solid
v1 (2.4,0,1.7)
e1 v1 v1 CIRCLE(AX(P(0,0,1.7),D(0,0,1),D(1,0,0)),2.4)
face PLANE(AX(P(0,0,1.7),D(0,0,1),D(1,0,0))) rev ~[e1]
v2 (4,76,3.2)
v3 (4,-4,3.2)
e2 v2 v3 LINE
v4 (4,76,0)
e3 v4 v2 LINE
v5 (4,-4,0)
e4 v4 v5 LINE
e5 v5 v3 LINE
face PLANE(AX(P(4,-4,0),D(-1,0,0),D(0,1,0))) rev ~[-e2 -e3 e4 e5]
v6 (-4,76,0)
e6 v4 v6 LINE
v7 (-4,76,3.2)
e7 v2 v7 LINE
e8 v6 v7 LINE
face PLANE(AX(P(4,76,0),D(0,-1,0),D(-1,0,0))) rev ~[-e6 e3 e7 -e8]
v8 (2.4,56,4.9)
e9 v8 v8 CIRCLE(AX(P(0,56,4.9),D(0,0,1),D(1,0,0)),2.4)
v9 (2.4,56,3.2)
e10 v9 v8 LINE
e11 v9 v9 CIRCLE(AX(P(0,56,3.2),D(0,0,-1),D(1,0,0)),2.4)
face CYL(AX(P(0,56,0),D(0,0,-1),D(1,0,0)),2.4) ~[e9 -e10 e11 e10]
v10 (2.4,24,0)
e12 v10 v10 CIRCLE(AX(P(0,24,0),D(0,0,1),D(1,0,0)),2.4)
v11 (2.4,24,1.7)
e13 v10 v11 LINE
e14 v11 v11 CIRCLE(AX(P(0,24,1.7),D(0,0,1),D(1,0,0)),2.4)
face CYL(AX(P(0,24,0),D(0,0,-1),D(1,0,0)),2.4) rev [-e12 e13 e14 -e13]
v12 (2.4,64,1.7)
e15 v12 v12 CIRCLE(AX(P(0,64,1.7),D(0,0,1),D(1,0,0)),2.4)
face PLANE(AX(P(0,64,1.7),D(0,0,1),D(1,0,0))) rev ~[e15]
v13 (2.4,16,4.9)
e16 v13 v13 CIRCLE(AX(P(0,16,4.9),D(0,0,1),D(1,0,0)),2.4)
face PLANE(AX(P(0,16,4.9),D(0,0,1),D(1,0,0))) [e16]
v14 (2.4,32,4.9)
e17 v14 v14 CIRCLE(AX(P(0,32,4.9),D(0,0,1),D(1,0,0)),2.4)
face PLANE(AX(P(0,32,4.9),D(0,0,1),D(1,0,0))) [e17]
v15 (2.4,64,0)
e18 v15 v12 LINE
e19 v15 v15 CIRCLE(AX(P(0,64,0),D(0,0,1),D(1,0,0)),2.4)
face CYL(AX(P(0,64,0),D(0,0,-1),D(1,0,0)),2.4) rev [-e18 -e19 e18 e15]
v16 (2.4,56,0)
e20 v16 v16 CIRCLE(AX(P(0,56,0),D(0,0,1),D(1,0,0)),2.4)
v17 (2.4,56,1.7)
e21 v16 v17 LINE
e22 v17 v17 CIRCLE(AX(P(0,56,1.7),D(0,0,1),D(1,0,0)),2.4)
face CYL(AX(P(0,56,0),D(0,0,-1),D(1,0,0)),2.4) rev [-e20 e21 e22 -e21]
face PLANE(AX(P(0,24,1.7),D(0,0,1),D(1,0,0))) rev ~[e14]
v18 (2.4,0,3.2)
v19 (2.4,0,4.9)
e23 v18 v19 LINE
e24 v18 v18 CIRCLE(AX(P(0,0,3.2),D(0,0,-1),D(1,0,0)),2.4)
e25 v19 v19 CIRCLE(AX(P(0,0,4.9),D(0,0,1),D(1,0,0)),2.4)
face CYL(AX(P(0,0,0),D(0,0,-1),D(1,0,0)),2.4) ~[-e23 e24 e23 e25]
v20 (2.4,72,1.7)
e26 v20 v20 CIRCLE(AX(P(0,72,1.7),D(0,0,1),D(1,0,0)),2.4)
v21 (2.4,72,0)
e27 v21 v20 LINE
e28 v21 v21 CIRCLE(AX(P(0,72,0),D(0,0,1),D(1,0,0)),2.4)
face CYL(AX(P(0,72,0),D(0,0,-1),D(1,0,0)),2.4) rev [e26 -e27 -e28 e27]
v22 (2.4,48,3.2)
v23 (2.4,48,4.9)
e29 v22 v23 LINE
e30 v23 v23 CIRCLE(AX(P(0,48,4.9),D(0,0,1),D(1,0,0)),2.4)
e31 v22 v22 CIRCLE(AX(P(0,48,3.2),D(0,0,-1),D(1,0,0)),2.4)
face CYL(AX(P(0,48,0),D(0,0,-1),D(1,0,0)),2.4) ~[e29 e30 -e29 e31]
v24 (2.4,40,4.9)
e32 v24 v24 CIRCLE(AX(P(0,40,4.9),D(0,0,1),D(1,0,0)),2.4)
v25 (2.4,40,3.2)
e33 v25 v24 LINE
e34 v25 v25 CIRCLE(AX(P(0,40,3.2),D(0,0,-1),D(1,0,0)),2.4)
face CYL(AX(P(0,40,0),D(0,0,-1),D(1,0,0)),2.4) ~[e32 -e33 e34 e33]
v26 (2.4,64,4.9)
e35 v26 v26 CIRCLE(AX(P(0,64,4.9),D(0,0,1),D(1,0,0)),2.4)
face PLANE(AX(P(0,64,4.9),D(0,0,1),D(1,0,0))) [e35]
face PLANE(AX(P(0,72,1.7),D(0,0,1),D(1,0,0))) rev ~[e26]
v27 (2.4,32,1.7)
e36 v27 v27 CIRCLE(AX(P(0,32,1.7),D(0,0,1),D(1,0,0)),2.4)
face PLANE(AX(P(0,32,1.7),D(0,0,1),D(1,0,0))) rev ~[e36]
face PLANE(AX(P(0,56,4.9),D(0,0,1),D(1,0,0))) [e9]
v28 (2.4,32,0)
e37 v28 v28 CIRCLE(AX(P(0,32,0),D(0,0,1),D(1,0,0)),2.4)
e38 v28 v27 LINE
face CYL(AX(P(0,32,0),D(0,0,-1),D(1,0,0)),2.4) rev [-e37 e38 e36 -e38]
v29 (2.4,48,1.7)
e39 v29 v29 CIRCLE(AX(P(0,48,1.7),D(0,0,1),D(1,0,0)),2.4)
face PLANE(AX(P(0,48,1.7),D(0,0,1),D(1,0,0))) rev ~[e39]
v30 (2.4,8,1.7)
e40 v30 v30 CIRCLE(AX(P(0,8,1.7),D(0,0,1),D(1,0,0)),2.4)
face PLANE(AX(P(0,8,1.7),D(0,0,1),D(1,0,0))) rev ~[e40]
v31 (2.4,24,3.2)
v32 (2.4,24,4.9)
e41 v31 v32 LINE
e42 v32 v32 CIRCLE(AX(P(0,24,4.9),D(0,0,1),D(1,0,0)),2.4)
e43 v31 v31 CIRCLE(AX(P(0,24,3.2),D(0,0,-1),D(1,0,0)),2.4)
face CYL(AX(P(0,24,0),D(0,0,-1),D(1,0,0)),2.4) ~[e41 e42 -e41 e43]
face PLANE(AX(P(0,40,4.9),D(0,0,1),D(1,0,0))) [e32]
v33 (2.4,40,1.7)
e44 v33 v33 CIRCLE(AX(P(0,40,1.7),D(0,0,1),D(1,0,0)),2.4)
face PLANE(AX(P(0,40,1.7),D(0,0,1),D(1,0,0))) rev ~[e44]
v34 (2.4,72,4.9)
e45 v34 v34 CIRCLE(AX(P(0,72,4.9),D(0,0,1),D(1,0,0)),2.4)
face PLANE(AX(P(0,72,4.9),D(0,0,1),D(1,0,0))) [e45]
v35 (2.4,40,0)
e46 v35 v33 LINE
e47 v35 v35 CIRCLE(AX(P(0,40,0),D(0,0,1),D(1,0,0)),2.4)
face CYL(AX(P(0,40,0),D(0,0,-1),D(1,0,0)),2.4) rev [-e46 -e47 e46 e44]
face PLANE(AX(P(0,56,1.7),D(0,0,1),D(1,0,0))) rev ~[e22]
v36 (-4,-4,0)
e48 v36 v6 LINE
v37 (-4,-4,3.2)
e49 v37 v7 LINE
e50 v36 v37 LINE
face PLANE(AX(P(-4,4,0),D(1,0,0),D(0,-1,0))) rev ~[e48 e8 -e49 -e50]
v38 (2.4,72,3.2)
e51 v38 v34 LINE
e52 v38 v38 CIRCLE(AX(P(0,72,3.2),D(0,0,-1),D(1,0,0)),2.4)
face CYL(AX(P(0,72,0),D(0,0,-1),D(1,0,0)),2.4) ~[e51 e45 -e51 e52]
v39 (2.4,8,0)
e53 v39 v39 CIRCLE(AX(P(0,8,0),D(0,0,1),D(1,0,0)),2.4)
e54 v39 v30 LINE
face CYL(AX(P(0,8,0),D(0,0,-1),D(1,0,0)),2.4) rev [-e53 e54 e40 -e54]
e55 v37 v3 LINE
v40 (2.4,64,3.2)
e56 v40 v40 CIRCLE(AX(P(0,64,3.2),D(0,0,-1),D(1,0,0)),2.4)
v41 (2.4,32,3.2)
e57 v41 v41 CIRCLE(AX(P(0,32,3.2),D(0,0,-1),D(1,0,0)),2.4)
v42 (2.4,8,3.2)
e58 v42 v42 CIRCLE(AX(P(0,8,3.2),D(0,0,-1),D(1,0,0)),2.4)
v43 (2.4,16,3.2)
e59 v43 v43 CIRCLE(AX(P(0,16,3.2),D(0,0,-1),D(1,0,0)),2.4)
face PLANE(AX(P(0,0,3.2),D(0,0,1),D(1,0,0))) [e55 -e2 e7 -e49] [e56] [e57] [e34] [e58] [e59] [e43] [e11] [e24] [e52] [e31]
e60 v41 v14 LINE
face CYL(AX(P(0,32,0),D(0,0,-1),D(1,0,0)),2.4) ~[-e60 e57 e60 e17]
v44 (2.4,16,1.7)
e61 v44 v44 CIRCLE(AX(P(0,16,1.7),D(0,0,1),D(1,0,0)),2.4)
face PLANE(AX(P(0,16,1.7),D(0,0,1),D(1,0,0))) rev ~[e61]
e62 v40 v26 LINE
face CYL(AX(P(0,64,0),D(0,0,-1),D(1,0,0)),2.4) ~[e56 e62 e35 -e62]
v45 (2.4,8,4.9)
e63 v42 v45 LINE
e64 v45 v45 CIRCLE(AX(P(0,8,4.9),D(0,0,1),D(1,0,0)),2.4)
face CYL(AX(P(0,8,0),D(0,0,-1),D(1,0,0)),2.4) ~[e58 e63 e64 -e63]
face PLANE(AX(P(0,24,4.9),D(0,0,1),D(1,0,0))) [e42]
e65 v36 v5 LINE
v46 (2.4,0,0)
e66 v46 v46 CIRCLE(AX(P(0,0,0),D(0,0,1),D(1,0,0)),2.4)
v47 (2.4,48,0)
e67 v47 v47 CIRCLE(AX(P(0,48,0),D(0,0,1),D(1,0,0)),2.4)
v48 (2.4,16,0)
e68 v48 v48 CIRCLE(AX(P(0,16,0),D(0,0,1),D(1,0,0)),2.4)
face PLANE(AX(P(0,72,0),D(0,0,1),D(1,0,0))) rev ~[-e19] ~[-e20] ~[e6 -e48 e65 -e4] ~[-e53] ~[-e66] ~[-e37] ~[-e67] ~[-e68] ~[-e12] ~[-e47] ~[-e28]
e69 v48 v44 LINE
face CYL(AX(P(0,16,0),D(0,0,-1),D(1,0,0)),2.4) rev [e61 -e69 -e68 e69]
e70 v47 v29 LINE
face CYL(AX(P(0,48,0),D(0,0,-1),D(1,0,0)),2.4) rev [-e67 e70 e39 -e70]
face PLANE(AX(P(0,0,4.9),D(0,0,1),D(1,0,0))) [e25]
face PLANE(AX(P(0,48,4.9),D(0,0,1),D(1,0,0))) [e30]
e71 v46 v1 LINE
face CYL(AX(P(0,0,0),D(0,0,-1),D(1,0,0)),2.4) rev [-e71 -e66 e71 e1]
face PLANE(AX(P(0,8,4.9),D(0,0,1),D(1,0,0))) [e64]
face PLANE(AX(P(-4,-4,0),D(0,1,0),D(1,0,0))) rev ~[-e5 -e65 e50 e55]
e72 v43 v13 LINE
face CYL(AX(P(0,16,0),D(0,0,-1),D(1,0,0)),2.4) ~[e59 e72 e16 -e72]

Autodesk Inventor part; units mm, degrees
ref_plane "YZ Plane" through (0, 0, 0) normal (1, 0, 0) x (0, 1, 0)
ref_plane "XZ Plane" through (0, 0, 0) normal (0, 1, 0) x (-1, 0, 0)
ref_plane "XY Plane" through (0, 0, 0) normal (0, 0, 1) x (1, 0, 0)
sketch "Sketch1" plane through (0, 0, 0) normal (0, 0, 1) x (1, 0, 0)
  line L0 (-4, -4) -> (4, -4)
  line L1 (4, -4) -> (4, 4)
  line L2 (4, 4) -> (-4, 4)
  line L3 (-4, 4) -> (-4, -4)
  line L4 (-4, -4) -> (4, 4) construction
  line L5 (4, -4) -> (-4, 4) construction
  circle A0 centre (0, 0) radius 2.4
  dimension "d0" = 8
  dimension "d1" = 8
  dimension "d2" = 4.8
extrude "Extrusion1" add sketch "Sketch1" along normal blind 3.2 contours L3 L2 L1 L0 | A0
extrude "Extrusion2" add sketch "Sketch1" along normal blind 4.9 contours A0
extrude "Extrusion3" cut sketch "Sketch1" along normal blind 1.7 contours A0
pattern_linear "Rectangular Pattern1" count 10 spacing 8 along (0, 1, 0) of "Extrusion1", "Extrusion2", "Extrusion3"
equation "\"d11\" = d0"
equation "\"d24\" = d0"
properties part number "LEGO Plate 1x10"
